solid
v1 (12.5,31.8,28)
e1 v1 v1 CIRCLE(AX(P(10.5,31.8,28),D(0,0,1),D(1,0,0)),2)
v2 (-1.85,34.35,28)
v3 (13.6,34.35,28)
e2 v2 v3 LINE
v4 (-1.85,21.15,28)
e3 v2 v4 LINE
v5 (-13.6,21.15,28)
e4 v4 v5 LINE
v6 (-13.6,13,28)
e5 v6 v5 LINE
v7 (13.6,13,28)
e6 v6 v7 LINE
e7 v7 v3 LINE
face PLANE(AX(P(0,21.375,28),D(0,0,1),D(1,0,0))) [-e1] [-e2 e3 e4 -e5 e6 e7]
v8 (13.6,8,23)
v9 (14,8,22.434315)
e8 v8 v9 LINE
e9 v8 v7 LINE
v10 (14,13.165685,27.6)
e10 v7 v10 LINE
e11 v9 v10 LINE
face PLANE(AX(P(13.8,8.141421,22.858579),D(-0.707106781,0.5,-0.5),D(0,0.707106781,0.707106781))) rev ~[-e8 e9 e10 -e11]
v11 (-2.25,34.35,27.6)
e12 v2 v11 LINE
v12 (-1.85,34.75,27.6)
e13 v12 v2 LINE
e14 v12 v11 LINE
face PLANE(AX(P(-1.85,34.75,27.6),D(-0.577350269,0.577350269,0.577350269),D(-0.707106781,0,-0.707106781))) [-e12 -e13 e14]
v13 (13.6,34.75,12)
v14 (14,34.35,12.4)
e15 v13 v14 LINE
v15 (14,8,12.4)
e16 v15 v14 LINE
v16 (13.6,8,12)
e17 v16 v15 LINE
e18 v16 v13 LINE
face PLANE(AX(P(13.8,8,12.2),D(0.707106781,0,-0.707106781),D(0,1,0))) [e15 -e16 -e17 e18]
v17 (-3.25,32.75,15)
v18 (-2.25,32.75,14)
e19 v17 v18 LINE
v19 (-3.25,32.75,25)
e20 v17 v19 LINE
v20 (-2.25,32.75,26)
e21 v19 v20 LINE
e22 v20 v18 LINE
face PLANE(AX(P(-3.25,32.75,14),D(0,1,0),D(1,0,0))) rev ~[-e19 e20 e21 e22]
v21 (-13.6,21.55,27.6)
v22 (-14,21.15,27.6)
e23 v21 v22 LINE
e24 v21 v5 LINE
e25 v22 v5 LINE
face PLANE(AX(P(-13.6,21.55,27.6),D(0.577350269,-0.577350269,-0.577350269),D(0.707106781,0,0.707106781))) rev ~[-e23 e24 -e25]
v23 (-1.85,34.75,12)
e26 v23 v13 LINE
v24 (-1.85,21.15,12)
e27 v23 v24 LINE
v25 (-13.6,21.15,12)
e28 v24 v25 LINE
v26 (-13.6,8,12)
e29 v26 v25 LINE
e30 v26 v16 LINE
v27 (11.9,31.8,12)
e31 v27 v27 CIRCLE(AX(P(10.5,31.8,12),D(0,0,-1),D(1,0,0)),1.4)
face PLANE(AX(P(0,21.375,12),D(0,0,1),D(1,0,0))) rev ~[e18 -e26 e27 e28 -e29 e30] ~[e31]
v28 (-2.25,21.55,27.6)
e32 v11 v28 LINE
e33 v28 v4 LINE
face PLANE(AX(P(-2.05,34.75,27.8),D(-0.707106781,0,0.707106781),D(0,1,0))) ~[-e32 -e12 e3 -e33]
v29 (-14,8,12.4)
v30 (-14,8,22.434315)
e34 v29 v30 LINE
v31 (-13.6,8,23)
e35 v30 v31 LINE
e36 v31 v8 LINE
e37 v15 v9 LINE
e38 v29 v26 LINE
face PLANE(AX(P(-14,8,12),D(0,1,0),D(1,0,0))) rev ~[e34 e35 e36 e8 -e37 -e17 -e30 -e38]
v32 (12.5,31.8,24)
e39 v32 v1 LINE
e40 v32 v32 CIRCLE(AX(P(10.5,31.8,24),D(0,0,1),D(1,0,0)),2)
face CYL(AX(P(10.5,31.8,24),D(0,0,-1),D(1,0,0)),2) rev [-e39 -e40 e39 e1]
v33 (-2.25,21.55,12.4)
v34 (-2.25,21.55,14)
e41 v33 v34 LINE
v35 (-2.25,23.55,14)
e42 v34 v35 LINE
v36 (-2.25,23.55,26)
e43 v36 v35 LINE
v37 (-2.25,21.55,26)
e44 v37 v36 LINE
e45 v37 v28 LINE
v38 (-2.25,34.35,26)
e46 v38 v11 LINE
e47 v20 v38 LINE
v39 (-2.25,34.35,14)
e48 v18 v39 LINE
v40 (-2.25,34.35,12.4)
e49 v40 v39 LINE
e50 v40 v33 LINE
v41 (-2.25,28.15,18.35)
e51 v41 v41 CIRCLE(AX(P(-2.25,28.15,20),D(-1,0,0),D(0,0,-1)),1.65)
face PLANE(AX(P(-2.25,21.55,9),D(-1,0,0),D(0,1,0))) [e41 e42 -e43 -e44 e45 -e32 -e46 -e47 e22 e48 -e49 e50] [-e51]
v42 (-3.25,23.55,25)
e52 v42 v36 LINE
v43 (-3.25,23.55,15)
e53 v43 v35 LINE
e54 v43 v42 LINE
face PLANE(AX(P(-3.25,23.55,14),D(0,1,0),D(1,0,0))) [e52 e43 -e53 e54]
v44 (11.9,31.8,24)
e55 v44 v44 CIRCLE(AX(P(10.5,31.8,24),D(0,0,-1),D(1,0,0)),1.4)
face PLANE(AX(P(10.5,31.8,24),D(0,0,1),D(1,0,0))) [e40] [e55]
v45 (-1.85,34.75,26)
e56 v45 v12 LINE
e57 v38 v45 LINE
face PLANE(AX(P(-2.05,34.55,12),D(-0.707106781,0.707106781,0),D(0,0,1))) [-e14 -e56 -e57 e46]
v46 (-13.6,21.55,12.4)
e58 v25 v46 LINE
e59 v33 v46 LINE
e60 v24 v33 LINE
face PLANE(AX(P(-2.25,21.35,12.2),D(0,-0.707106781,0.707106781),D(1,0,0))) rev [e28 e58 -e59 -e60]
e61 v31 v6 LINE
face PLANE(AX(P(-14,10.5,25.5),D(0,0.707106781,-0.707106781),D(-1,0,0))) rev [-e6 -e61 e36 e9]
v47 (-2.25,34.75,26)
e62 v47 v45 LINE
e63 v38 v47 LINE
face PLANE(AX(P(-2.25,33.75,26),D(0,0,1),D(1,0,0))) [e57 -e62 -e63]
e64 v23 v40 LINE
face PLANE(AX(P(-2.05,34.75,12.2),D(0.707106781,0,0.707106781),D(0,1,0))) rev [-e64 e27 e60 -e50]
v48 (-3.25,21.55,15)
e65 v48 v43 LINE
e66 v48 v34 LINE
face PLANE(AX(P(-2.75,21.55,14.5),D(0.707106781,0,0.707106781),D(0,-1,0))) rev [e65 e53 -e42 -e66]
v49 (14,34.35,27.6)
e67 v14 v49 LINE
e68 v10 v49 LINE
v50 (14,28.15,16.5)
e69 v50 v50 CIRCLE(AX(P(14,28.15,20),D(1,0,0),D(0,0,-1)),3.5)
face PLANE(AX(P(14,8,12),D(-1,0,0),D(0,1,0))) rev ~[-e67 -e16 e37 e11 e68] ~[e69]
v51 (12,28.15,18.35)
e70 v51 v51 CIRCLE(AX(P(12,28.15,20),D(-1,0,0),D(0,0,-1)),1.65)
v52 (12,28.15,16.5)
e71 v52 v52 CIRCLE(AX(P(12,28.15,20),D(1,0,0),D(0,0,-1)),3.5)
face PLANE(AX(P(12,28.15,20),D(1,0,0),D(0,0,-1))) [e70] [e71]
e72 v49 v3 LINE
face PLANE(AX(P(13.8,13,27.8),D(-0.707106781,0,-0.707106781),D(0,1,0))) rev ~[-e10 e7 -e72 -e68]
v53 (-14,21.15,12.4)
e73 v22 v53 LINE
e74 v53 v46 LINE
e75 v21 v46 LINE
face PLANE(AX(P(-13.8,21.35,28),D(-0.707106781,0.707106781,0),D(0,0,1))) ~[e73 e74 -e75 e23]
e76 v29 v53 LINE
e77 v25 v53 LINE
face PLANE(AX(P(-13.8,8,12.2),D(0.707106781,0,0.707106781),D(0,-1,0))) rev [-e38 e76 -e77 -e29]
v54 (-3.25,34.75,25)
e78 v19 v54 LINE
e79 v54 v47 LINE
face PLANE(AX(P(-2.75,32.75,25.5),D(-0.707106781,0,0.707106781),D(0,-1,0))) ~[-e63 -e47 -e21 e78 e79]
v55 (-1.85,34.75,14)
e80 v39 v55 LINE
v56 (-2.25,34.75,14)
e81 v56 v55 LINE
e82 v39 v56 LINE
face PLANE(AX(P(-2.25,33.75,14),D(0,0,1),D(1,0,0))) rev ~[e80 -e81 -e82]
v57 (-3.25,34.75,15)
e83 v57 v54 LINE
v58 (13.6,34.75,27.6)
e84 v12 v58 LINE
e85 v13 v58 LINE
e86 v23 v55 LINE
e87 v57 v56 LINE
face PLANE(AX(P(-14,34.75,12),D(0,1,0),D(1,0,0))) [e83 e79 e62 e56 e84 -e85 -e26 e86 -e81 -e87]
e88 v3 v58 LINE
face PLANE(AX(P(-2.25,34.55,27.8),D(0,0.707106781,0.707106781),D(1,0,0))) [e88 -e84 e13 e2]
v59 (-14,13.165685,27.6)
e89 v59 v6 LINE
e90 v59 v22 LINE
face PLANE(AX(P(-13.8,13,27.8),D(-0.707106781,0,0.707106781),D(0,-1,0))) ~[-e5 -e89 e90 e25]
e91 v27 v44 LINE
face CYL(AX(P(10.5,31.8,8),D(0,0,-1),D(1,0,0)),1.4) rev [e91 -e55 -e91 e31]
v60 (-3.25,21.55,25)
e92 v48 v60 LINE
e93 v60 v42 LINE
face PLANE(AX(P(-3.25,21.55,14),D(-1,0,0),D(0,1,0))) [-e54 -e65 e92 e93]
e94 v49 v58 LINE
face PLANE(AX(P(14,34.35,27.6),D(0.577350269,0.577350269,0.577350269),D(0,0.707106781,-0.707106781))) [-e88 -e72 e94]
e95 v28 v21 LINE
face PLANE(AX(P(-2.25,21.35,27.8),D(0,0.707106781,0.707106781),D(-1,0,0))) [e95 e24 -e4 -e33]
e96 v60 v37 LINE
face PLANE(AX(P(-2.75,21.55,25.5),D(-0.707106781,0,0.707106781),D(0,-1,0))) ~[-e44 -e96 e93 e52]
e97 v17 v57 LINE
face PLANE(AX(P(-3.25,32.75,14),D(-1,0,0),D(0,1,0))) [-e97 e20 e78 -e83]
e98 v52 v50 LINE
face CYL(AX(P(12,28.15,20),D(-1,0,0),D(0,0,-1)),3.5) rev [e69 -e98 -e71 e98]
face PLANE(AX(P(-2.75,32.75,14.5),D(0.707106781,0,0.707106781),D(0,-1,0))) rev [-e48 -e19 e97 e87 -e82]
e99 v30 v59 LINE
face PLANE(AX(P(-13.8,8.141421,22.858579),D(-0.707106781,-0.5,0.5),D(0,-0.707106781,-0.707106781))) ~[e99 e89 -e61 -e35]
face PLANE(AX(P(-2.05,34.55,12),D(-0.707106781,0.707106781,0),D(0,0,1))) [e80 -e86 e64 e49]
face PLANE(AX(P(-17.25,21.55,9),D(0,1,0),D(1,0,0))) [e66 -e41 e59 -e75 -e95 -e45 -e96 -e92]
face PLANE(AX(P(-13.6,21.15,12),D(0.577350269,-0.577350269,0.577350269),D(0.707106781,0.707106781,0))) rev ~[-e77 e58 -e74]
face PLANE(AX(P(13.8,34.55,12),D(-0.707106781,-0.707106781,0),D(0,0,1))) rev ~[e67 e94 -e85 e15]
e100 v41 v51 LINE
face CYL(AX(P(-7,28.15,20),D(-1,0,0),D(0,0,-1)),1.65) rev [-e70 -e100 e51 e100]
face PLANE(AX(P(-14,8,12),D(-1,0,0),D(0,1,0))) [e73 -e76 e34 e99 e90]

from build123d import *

# Parameters (mm, degrees)
BOX011_W          = 2
BOX011_H          = 2
BOX011_DEPTH      = 12
CHAMFER005_SIZE   = 1
BOX010_W          = 2
BOX010_H          = 2
BOX010_DEPTH      = 12
CHAMFER006_SIZE   = 1
CYLINDER006_R     = 1.4
CYLINDER006_DEPTH = 30
CYLINDER005_R     = 2
CYLINDER005_DEPTH = 4
CYLINDER001_R     = 3.5
CYLINDER001_DEPTH = 2
CYLINDER_R        = 1.65
CYLINDER_DEPTH    = 25
BOX004_W          = 15
BOX004_H          = 13.5
BOX004_DEPTH      = 23
BOX_W             = 28
BOX_H             = 26.75
BOX_DEPTH         = 16
CHAMFER_SIZE      = 5
CHAMFER002_SIZE   = 0.4


with BuildPart() as chamfer005:
    # Box011 → Box011 (new body)
    with BuildSketch(Plane(origin=(-3.25, 21.55, 14), x_dir=(1, 0, 0), z_dir=(0, 0, 1))):
        with Locations((1, 1)):
            Rectangle(BOX011_W, BOX011_H)
    extrude(amount=BOX011_DEPTH)

    # Chamfer005
    chamfer005_edges = [chamfer005.edges().sort_by_distance(p)[0] for p in [
        (-3.25, 22.55, 26),
        (-3.25, 22.55, 14),
    ]]
    chamfer(chamfer005_edges, length=CHAMFER005_SIZE)


with BuildPart() as mounter_pt3:
    # Box010 → Box010 (new body)
    with BuildSketch(Plane(origin=(-3.25, 32.75, 14), x_dir=(1, 0, 0), z_dir=(0, 0, 1))):
        with Locations((1, 1)):
            Rectangle(BOX010_W, BOX010_H)
    extrude(amount=BOX010_DEPTH)

    # Chamfer006
    chamfer006_edges = [mounter_pt3.edges().sort_by_distance(p)[0] for p in [
        (-3.25, 33.75, 26),
        (-3.25, 33.75, 14),
    ]]
    chamfer(chamfer006_edges, length=CHAMFER006_SIZE)

    # Fusion001: union Chamfer005
    add(chamfer005.part)


with BuildPart() as cylinder006:
    # Cylinder006 → Cylinder006 (new body)
    with BuildSketch(Plane(origin=(10.5, 31.8, 8), x_dir=(1, 0, 0), z_dir=(0, 0, 1))):
        Circle(CYLINDER006_R)
    extrude(amount=CYLINDER006_DEPTH)


with BuildPart() as fusion003003002:
    # Cylinder005 → Cylinder005 (new body)
    with BuildSketch(Plane(origin=(10.5, 31.8, 24), x_dir=(1, 0, 0), z_dir=(0, 0, 1))):
        Circle(CYLINDER005_R)
    extrude(amount=CYLINDER005_DEPTH)

    # Fusion003003002: union Cylinder006
    add(cylinder006.part)


with BuildPart() as cylinder001:
    # Cylinder001 → Cylinder001 (new body)
    with BuildSketch(Plane(origin=(12, 28.15, 20), x_dir=(0, 0, -1), z_dir=(1, 0, 0))):
        Circle(CYLINDER001_R)
    extrude(amount=CYLINDER001_DEPTH)


with BuildPart() as cylinder:
    # Cylinder → Cylinder (new body)
    with BuildSketch(Plane(origin=(-7, 28.15, 20), x_dir=(0, 0, -1), z_dir=(1, 0, 0))):
        Circle(CYLINDER_R)
    extrude(amount=CYLINDER_DEPTH)


with BuildPart() as cube004:
    # Box004 → Box004 (new body)
    with BuildSketch(Plane(origin=(-17.25, 21.55, 9), x_dir=(1, 0, 0), z_dir=(0, 0, 1))):
        with Locations((7.5, 6.75)):
            Rectangle(BOX004_W, BOX004_H)
    extrude(amount=BOX004_DEPTH)


with BuildPart() as fusion003003002002:
    # Box → Box (new body)
    with BuildSketch(Plane(origin=(-14, 8, 12), x_dir=(1, 0, 0), z_dir=(0, 0, 1))):
        with Locations((14, 13.375)):
            Rectangle(BOX_W, BOX_H)
    extrude(amount=BOX_DEPTH)

    # Chamfer
    chamfer_edges = [fusion003003002002.edges().sort_by_distance(p)[0] for p in [
        (0, 8, 28),
    ]]
    chamfer(chamfer_edges, length=CHAMFER_SIZE)

    # Cut003: cut Cube004
    add(cube004.part, mode=Mode.SUBTRACT)

    # Chamfer002
    chamfer002_edges = [fusion003003002002.edges().sort_by_distance(p)[0] for p in [
        (-14, 10.5, 25.5),
        (-14, 17.275, 28),
        (-14, 21.55, 20),
        (-14, 14.775, 12),
        (14, 10.5, 25.5),
        (-8.125, 21.55, 28),
        (-2.25, 28.15, 28),
        (5.875, 34.75, 28),
        (14, 23.875, 28),
        (-8.125, 21.55, 12),
        (-2.25, 28.15, 12),
        (14, 21.375, 12),
        (14, 34.75, 20),
        (-2.25, 34.75, 20),
    ]]
    chamfer(chamfer002_edges, length=CHAMFER002_SIZE)

    # Cut005: cut Cylinder
    add(cylinder.part, mode=Mode.SUBTRACT)

    # Cut016: cut Cylinder001
    add(cylinder001.part, mode=Mode.SUBTRACT)

    # Cut018: cut Fusion003003002
    add(fusion003003002.part, mode=Mode.SUBTRACT)

    # Fusion003003002002: union mounter-pt3
    add(mounter_pt3.part)


solid = fusion003003002002.part
